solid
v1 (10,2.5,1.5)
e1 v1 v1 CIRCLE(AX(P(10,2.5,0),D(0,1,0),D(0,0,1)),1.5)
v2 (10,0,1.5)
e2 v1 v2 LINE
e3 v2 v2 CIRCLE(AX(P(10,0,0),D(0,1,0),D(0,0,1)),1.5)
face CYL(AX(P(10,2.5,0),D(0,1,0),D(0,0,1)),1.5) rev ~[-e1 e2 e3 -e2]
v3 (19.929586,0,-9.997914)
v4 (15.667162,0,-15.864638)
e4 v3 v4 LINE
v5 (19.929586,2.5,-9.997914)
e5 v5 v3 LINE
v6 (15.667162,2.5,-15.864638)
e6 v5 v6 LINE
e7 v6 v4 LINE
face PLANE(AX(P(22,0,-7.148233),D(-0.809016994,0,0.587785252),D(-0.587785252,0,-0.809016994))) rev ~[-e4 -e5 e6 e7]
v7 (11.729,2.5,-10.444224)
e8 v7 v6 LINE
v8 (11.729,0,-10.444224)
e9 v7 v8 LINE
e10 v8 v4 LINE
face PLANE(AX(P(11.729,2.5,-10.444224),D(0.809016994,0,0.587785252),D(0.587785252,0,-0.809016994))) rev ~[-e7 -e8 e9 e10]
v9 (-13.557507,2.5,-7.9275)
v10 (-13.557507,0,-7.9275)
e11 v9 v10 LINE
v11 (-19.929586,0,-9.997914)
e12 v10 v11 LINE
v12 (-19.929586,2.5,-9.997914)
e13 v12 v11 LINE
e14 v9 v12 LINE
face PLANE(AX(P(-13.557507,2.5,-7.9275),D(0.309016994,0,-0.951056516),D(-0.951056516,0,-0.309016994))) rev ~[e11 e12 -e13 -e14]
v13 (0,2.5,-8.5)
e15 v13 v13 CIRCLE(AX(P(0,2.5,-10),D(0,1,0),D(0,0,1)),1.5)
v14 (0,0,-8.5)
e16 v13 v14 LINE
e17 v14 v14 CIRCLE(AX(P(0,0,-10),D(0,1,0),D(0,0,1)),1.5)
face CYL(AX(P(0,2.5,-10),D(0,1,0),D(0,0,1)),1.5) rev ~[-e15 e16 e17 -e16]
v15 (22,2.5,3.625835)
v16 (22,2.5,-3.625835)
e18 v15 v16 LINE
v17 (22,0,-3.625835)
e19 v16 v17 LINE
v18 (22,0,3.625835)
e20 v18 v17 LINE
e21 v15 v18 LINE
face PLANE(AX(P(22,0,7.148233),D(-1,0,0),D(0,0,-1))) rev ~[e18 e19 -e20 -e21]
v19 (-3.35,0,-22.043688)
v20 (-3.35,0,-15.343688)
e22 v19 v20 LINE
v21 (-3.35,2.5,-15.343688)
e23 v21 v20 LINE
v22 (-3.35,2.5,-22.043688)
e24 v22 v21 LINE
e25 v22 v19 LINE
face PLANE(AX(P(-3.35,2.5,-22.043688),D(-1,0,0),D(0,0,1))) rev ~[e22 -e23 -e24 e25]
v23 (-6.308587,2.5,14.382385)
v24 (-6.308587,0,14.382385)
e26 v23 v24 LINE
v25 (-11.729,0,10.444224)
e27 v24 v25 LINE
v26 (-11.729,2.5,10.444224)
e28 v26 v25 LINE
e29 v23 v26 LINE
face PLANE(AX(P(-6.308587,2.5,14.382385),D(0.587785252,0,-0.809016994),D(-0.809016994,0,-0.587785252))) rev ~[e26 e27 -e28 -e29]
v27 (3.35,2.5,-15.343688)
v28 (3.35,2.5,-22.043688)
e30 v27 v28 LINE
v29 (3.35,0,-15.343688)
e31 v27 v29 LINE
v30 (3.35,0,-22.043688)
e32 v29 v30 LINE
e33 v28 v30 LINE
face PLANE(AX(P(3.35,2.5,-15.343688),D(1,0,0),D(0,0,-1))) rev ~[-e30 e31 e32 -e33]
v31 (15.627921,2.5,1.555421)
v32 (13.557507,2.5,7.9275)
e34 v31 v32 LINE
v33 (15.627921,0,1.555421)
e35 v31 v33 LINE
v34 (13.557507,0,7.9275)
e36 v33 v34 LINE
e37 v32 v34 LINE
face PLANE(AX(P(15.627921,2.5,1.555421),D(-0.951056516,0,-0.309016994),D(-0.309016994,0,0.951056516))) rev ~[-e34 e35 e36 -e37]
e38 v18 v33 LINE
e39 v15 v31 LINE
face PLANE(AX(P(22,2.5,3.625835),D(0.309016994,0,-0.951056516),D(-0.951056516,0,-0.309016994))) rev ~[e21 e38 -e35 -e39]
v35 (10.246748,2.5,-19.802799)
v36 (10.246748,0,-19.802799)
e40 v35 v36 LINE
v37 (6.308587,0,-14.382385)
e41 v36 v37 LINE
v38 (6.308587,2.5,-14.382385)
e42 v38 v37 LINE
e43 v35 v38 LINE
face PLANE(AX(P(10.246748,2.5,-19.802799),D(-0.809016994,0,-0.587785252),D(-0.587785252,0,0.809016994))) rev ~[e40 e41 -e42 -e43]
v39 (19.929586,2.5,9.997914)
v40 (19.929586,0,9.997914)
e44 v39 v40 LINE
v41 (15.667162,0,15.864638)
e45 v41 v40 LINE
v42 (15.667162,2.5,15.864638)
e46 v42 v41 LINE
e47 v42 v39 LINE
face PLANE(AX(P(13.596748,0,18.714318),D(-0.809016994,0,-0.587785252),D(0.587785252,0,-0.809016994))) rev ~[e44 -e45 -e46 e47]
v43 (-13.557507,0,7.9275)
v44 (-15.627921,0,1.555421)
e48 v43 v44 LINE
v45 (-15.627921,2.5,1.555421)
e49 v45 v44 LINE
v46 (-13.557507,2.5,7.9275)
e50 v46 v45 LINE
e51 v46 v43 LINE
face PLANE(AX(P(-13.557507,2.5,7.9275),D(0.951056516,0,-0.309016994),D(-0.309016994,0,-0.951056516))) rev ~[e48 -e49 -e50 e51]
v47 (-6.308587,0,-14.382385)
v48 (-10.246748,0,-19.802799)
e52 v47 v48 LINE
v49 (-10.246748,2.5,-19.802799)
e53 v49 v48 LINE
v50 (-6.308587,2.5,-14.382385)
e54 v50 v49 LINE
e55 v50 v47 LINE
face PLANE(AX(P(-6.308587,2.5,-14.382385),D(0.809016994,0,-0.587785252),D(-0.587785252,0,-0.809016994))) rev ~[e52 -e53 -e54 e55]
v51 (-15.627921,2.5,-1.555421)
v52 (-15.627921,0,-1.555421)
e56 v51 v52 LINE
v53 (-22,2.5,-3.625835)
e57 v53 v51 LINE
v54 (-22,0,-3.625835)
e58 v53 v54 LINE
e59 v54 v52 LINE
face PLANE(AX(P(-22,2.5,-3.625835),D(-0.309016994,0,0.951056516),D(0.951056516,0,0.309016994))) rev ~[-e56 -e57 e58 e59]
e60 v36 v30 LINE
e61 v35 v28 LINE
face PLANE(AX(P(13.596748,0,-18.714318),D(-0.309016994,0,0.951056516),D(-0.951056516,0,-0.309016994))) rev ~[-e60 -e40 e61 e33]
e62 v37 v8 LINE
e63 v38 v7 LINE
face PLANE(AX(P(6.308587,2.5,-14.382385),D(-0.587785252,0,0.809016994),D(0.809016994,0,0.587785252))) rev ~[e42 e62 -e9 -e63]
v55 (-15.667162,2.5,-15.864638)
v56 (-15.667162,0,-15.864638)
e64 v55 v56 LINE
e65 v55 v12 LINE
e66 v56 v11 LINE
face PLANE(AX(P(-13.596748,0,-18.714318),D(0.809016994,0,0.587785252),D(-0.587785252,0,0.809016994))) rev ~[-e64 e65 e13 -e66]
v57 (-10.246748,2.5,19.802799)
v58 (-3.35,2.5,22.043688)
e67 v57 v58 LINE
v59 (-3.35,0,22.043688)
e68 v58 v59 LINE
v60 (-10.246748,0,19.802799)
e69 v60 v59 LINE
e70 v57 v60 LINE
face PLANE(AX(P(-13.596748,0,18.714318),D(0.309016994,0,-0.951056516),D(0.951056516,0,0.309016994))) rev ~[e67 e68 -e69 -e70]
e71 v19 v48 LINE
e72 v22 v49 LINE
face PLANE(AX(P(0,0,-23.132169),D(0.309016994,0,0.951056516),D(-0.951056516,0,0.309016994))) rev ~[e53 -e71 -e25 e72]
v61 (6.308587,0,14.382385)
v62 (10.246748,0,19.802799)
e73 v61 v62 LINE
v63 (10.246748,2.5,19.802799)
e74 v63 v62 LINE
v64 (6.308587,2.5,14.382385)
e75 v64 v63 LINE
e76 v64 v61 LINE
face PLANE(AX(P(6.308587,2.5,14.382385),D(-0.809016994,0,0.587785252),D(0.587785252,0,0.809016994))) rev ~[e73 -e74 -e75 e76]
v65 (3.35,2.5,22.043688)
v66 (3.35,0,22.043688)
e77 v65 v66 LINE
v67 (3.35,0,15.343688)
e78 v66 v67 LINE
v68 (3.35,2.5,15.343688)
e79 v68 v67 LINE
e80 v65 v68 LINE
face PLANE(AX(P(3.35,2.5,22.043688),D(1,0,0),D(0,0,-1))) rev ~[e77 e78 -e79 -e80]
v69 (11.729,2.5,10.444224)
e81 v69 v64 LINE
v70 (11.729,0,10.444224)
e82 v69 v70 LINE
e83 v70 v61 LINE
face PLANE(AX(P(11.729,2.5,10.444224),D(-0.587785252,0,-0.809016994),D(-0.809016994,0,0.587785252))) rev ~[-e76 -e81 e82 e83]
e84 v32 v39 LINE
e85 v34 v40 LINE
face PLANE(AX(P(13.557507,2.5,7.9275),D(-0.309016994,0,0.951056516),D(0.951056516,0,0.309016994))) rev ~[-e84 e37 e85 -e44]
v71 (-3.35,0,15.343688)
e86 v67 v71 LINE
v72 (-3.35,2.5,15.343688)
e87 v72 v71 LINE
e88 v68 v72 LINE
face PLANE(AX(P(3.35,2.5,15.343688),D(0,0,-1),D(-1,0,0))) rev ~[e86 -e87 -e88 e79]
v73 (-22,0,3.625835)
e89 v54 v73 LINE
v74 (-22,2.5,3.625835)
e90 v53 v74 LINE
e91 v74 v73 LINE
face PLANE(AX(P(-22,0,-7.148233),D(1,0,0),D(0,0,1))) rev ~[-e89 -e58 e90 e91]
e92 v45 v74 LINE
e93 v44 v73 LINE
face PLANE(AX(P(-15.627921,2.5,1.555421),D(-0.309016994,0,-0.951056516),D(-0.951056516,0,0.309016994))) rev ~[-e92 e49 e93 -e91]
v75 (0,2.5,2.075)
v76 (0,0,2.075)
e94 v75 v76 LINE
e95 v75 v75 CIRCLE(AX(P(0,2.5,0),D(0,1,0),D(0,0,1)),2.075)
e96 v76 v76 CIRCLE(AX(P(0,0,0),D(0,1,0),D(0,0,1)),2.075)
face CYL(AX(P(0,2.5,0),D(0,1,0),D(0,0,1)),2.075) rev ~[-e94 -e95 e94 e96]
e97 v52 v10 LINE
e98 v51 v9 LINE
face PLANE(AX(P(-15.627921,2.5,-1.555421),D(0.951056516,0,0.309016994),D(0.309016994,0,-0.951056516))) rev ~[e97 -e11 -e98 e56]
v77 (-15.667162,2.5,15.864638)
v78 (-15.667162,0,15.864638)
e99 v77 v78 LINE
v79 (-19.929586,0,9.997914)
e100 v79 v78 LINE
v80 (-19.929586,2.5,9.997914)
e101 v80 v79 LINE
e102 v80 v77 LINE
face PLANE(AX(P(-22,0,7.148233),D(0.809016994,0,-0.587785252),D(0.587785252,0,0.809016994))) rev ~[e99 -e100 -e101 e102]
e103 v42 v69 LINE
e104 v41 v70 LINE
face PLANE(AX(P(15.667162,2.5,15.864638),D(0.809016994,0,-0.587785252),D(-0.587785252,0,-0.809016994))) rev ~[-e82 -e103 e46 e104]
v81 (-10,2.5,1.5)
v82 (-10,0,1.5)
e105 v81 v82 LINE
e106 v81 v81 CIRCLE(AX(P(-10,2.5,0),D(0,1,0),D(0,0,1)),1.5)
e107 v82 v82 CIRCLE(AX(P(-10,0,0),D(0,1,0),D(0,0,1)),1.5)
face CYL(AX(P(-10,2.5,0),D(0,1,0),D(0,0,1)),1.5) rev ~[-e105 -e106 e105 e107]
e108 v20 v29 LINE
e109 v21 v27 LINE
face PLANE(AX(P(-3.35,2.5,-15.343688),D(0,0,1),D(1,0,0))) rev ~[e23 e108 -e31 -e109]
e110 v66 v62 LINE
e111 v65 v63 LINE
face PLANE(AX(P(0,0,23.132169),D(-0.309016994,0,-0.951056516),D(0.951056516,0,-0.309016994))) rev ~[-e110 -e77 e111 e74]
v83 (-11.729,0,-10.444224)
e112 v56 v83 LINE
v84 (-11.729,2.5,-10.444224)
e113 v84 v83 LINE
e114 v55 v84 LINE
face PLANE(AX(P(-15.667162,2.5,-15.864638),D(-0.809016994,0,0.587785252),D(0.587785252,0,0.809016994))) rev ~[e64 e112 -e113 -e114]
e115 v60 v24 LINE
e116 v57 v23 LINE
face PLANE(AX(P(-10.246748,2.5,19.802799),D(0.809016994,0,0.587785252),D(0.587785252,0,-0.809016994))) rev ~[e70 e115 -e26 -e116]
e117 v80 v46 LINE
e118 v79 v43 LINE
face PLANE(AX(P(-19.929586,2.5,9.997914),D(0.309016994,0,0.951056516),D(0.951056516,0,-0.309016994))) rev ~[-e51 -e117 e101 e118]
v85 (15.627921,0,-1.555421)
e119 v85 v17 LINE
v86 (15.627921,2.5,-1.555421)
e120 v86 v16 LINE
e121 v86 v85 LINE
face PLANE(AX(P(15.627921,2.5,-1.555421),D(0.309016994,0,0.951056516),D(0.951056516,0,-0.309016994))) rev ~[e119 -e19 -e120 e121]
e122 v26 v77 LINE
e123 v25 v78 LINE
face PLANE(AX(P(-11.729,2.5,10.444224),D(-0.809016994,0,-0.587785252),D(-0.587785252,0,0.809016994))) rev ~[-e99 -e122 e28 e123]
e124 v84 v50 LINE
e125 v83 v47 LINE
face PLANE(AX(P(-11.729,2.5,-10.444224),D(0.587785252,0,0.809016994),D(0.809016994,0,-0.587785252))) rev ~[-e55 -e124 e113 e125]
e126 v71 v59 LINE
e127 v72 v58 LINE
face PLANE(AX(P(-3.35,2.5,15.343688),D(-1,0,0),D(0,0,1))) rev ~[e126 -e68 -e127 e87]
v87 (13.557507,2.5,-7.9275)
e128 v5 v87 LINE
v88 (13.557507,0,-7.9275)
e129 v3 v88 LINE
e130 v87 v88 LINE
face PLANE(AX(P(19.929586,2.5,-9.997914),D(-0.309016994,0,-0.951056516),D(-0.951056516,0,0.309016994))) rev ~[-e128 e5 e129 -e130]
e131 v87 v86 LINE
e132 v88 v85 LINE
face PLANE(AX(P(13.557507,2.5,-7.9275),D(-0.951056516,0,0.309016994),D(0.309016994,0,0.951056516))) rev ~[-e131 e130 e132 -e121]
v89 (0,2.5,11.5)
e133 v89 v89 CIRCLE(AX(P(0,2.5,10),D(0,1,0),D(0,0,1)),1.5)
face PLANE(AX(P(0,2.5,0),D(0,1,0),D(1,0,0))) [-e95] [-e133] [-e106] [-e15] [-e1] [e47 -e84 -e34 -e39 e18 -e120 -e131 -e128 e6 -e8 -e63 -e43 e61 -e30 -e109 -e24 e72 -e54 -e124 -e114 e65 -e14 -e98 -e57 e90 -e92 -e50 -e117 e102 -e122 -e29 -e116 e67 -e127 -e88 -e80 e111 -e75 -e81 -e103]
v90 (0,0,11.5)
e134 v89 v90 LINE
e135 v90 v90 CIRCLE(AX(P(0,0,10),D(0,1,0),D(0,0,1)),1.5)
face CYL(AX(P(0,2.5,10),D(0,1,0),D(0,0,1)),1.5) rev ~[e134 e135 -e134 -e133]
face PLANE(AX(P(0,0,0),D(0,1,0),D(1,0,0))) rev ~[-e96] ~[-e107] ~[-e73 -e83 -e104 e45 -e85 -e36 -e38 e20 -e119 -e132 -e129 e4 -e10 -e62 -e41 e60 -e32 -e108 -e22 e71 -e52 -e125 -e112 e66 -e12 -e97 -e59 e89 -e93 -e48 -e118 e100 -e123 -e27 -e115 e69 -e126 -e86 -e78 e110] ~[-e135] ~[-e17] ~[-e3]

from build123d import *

# Parameters (mm, degrees)
BOSS_EXTRUDE1_DEPTH = 2.5
CUT_EXTRUDE1_DEPTH  = 2.5
SKETCH7_R           = 1.5
CUT_EXTRUDE3_DEPTH  = 2.5
SKETCH10_R          = 2.075
CUT_EXTRUDE6_DEPTH  = 2.5


with BuildPart() as part:
    # Sketch1 → Boss-Extrude1 (new body)
    with BuildSketch(Plane(origin=(0, 0, 0), x_dir=(1, 0, 0), z_dir=(0, 1, 0))):
        Polygon((0, 23.132168933), (-13.596747752, 18.714317784), (-22, 7.148233317), (-22, -7.148233317), (-13.596747752, -18.714317784), (0, -23.132168933), (13.596747752, -18.714317784), (22, -7.148233317), (22, 7.148233317), (13.596747752, 18.714317784), align=None)
    extrude(amount=BOSS_EXTRUDE1_DEPTH)

    # Sketch2 → Cut-Extrude1 (cut)
    with BuildSketch(Plane(origin=(0, 2.5, 0), x_dir=(1, 0, 0), z_dir=(0, 1, 0))):
        Polygon((0, 23.132168933), (-3.35, 22.043687951), (-3.35, 15.343687951), (3.35, 15.343687951), (3.35, 22.043687951), align=None)
        Polygon((11.729000424, 10.444223713), (15.667161615, 15.864637576), (13.596747752, 18.714317784), (10.246747752, 19.802798766), (6.308586562, 14.382384904), align=None)
        Polygon((15.627921341, 1.555421004), (22, 3.625834866), (22, 7.148233317), (19.929586138, 9.997913525), (13.557507479, 7.927499663), align=None)
        Polygon((13.557507479, -7.927499663), (19.929586138, -9.997913525), (22, -7.148233317), (22, -3.625834866), (15.627921341, -1.555421004), align=None)
        Polygon((6.308586562, -14.382384904), (10.246747752, -19.802798766), (13.596747752, -18.714317784), (15.667161615, -15.864637576), (11.729000424, -10.444223713), align=None)
        Polygon((-3.35, -15.343687951), (-3.35, -22.043687951), (0, -23.132168933), (3.35, -22.043687951), (3.35, -15.343687951), align=None)
        Polygon((-11.729000424, -10.444223713), (-15.667161615, -15.864637576), (-13.596747752, -18.714317784), (-10.246747752, -19.802798766), (-6.308586562, -14.382384904), align=None)
        Polygon((-15.627921341, -1.555421004), (-22, -3.625834866), (-22, -7.148233317), (-19.929586138, -9.997913525), (-13.557507479, -7.927499663), align=None)
        Polygon((-13.557507479, 7.927499663), (-19.929586138, 9.997913525), (-22, 7.148233317), (-22, 3.625834866), (-15.627921341, 1.555421004), align=None)
        Polygon((-6.308586562, 14.382384904), (-10.246747752, 19.802798766), (-13.596747752, 18.714317784), (-15.667161615, 15.864637576), (-11.729000424, 10.444223713), align=None)
    extrude(amount=-CUT_EXTRUDE1_DEPTH, mode=Mode.SUBTRACT)

    # Sketch7 → Cut-Extrude3 (cut)
    with BuildSketch(Plane(origin=(0, 2.5, 0), x_dir=(1, 0, 0), z_dir=(0, 1, 0))):
        with Locations(Location((0, 10, 0), (0, 0, 270))):
            Circle(SKETCH7_R)
        with Locations(Location((10, 0, 0), (0, 0, 270))):
            Circle(SKETCH7_R)
        with Locations(Location((0, -10, 0), (0, 0, 270))):
            Circle(SKETCH7_R)
        with Locations(Location((-10, 0, 0), (0, 0, 270))):
            Circle(SKETCH7_R)
    extrude(amount=-CUT_EXTRUDE3_DEPTH, mode=Mode.SUBTRACT)

    # Sketch10 → Cut-Extrude6 (cut)
    with BuildSketch(Plane(origin=(0, 2.5, 0), x_dir=(1, 0, 0), z_dir=(0, 1, 0))):
        with Locations(Location((0, 0, 0), (0, 0, 270))):
            Circle(SKETCH10_R)
    extrude(amount=-CUT_EXTRUDE6_DEPTH, mode=Mode.SUBTRACT)


solid = part.part
